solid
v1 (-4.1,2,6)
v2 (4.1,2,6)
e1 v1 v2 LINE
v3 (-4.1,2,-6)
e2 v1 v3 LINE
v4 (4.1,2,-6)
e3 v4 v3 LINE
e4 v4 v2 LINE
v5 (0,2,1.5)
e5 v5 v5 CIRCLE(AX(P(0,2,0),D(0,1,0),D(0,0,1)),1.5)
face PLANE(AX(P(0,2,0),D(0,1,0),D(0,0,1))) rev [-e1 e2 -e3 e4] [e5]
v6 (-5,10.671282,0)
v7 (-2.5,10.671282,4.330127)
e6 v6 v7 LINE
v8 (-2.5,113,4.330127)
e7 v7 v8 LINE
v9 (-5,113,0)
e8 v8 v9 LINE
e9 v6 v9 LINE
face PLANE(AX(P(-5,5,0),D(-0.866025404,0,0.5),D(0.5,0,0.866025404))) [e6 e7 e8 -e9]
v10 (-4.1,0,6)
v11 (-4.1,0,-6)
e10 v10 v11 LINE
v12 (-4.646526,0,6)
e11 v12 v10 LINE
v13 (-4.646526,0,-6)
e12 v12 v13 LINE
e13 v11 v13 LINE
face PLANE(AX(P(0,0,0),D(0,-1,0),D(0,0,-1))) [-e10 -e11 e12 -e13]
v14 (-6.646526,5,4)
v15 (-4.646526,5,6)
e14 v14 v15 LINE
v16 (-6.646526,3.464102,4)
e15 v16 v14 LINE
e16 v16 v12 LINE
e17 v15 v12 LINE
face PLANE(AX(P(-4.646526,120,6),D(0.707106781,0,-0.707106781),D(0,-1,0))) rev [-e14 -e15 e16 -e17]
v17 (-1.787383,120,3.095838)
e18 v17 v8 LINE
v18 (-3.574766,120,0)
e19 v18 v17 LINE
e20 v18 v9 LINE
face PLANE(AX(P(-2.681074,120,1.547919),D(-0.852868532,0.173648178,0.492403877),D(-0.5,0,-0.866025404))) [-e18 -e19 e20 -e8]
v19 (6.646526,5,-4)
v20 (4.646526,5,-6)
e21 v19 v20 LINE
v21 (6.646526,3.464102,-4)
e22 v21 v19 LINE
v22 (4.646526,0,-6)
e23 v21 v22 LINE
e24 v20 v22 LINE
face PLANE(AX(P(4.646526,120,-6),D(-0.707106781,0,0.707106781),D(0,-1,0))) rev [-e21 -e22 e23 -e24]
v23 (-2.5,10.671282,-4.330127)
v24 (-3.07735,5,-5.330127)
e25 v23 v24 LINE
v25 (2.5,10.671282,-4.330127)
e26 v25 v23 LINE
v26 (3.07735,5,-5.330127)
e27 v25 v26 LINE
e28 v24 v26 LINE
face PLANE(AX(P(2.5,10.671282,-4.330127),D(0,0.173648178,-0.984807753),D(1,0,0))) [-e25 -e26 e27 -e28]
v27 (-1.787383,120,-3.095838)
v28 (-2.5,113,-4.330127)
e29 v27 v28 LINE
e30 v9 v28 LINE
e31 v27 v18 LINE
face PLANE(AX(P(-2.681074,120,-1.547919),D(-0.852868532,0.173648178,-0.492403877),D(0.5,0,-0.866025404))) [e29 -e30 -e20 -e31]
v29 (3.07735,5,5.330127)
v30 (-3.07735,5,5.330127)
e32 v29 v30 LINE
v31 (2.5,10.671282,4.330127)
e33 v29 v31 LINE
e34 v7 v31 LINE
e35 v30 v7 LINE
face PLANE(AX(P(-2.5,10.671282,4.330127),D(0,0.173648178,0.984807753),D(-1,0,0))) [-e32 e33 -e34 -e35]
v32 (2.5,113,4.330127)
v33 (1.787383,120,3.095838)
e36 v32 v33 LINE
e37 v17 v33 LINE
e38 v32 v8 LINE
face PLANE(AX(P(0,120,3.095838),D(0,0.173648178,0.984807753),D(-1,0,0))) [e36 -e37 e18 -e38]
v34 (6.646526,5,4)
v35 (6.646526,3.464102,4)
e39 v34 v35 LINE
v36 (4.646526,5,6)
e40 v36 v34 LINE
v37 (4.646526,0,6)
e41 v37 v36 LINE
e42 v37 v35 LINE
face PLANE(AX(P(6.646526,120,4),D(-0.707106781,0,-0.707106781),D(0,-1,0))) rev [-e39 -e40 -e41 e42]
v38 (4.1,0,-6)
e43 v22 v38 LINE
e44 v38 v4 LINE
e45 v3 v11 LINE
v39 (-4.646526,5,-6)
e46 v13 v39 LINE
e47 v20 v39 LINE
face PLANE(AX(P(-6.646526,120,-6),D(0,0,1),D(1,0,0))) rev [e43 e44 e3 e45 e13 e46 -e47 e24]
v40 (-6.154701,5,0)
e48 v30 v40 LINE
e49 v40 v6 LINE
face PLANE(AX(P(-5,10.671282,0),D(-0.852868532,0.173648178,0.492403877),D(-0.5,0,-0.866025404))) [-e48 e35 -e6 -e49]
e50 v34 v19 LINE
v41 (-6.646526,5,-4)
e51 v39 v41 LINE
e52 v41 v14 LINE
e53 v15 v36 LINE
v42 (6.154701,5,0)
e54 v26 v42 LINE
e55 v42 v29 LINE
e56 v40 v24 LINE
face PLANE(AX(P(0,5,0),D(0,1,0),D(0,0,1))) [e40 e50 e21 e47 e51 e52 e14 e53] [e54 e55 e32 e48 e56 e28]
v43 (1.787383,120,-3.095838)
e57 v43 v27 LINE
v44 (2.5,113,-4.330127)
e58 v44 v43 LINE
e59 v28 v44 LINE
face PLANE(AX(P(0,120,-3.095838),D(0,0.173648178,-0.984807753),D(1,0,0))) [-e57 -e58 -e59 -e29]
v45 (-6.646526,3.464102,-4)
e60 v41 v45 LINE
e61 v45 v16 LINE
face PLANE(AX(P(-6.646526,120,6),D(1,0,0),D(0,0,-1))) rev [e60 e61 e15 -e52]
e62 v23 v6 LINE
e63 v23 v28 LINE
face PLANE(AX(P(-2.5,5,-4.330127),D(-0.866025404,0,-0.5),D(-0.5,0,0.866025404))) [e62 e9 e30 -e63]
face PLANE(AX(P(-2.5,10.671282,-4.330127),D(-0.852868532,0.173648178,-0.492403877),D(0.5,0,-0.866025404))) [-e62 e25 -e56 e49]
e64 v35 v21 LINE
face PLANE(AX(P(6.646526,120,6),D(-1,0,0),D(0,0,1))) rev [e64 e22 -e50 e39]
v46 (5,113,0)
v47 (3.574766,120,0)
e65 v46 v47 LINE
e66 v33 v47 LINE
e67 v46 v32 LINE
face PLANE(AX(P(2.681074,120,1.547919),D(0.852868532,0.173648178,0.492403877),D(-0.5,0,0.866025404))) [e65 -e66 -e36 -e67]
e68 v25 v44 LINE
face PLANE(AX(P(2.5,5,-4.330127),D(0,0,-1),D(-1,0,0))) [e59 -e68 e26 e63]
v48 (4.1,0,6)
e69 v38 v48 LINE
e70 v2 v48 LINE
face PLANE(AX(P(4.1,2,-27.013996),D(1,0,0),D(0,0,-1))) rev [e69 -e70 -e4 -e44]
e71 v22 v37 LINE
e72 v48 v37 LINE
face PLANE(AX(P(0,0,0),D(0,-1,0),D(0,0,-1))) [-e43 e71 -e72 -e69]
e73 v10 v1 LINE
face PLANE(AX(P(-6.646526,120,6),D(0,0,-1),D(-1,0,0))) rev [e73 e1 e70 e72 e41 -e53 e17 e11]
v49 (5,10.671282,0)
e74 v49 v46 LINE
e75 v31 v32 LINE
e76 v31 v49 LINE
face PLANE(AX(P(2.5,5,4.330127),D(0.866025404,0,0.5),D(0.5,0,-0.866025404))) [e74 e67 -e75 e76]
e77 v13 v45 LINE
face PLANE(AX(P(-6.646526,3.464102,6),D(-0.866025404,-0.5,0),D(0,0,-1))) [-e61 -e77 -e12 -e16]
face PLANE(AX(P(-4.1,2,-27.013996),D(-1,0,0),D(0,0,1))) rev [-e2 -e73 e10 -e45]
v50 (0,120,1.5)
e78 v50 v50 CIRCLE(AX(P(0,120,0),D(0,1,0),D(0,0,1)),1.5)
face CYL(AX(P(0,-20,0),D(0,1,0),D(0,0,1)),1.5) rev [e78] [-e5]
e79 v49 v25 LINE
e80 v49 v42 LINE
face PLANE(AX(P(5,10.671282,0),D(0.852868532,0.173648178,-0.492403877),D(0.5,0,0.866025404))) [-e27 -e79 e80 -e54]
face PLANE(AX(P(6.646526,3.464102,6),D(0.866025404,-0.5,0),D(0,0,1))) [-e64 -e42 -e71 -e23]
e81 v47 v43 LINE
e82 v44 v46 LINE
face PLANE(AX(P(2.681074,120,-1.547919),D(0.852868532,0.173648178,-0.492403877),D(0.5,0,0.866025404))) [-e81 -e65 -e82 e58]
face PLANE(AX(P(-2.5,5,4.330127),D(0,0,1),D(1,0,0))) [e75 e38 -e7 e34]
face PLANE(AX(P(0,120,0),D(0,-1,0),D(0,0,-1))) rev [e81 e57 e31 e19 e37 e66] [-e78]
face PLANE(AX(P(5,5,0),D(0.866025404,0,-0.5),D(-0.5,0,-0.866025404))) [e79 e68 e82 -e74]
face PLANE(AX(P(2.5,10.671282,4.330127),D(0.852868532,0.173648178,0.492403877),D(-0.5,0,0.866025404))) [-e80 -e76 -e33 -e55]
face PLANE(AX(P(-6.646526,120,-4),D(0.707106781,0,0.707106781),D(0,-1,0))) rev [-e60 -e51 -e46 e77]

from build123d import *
from OCP.BRepFilletAPI import BRepFilletAPI_MakeChamfer

# Parameters (mm, degrees)
SKETCH1_W           = 13.29305136
SKETCH1_H           = 12
BOSS_EXTRUDE1_DEPTH = 120
SKETCH2_W           = 8.2
SKETCH2_H           = 54.027992046
CUT_EXTRUDE1_DEPTH  = 2
SKETCH3_R           = 1.5
CUT_EXTRUDE2_DEPTH  = 140
SKETCH4_OUTSIDE_W   = 39.56
SKETCH4_OUTSIDE_H   = 38.266
CUT_EXTRUDE3_DEPTH  = 115
CHAMFER1_SIZE       = 1
CHAMFER1_SIZE2      = 5.67128182
CHAMFER2_SIZE       = 2
CHAMFER3_SIZE       = 7
CHAMFER3_SIZE2      = 1.234288865
CHAMFER4_SIZE       = 2
CHAMFER4_SIZE2      = 3.464101615


with BuildPart() as part:
    # Sketch1 → Boss-Extrude1 (new body)
    with BuildSketch(Plane(origin=(0, 0, 0), x_dir=(1, 0, 0), z_dir=(0, 1, 0))):
        Rectangle(SKETCH1_W, SKETCH1_H)
    extrude(amount=BOSS_EXTRUDE1_DEPTH)

    # Sketch2 → Cut-Extrude1 (cut)
    with BuildSketch(Plane.XZ):
        Rectangle(SKETCH2_W, SKETCH2_H)
    extrude(amount=-CUT_EXTRUDE1_DEPTH, mode=Mode.SUBTRACT)

    # Sketch3 → Cut-Extrude2 (cut)
    with BuildSketch(Plane(origin=(0, 120, 0), x_dir=(1, 0, 0), z_dir=(0, 1, 0))):
        with Locations(Location((0, 0, 0), (0, 0, 270))):
            Circle(SKETCH3_R)
    extrude(amount=-CUT_EXTRUDE2_DEPTH, mode=Mode.SUBTRACT)

    # Sketch4 outside → Cut-Extrude3 (cut)
    with BuildSketch(Plane(origin=(0, 120, 0), x_dir=(1, 0, 0), z_dir=(0, 1, 0))):
        Rectangle(SKETCH4_OUTSIDE_W, SKETCH4_OUTSIDE_H)
        Polygon((-2.5, -4.330127019), (2.5, -4.330127019), (5, 0), (2.5, 4.330127019), (-2.5, 4.330127019), (-5, 0), align=None, mode=Mode.SUBTRACT)
    extrude(amount=-CUT_EXTRUDE3_DEPTH, mode=Mode.SUBTRACT)

    # Chamfer1
    chamfer1_edges = [part.edges().sort_by_distance(p)[0] for p in [
        (0, 5, 4.330127019),
        (3.75, 5, 2.165063509),
        (3.75, 5, -2.165063509),
        (0, 5, -4.330127019),
        (-3.75, 5, -2.165063509),
        (-3.75, 5, 2.165063509),
    ]]
    chamfer1_side = [part.faces().sort_by_distance(p)[0] for p in [
        (-6.467443237, 5, 0),
    ]]
    chamfer(chamfer1_edges, length=CHAMFER1_SIZE, length2=CHAMFER1_SIZE2, reference=chamfer1_side[0])

    # Chamfer2
    chamfer2_edges = [part.edges().sort_by_distance(p)[0] for p in [
        (6.64652568, 2.5, 6),
        (-6.64652568, 2.5, 6),
        (-6.64652568, 2.5, -6),
        (6.64652568, 2.5, -6),
    ]]
    chamfer(chamfer2_edges, length=CHAMFER2_SIZE)

    # Chamfer3: one chamfer whose edges measure the first distance from different faces: ONE call of the kernel's chamfer builder (chamfer() names one face for all edges)
    chamfer3_edges_1 = [part.edges().sort_by_distance(p)[0] for p in [
        (3.75, 120, 2.165063509),
    ]]
    chamfer3_side_1 = [part.faces().sort_by_distance(p)[0] for p in [
        (3.75, 65.33564091, 2.165063509),
    ]]
    chamfer3_edges_2 = [part.edges().sort_by_distance(p)[0] for p in [
        (0, 120, 4.330127019),
    ]]
    chamfer3_side_2 = [part.faces().sort_by_distance(p)[0] for p in [
        (0, 65.33564091, 4.330127019),
    ]]
    chamfer3_edges_3 = [part.edges().sort_by_distance(p)[0] for p in [
        (-3.75, 120, 2.165063509),
    ]]
    chamfer3_side_3 = [part.faces().sort_by_distance(p)[0] for p in [
        (-3.75, 65.33564091, 2.165063509),
    ]]
    chamfer3_edges_4 = [part.edges().sort_by_distance(p)[0] for p in [
        (-3.75, 120, -2.165063509),
    ]]
    chamfer3_side_4 = [part.faces().sort_by_distance(p)[0] for p in [
        (-3.75, 65.33564091, -2.165063509),
    ]]
    chamfer3_edges_5 = [part.edges().sort_by_distance(p)[0] for p in [
        (0, 120, -4.330127019),
    ]]
    chamfer3_side_5 = [part.faces().sort_by_distance(p)[0] for p in [
        (0, 65.33564091, -4.330127019),
    ]]
    chamfer3_edges_6 = [part.edges().sort_by_distance(p)[0] for p in [
        (3.75, 120, -2.165063509),
    ]]
    chamfer3_side_6 = [part.faces().sort_by_distance(p)[0] for p in [
        (3.75, 65.33564091, -2.165063509),
    ]]
    chamfer3 = BRepFilletAPI_MakeChamfer(part.part.solid().wrapped)
    for e in chamfer3_edges_1:
        chamfer3.Add(CHAMFER3_SIZE, CHAMFER3_SIZE2, e.wrapped, chamfer3_side_1[0].wrapped)  # the first distance lies on this face
    for e in chamfer3_edges_2:
        chamfer3.Add(CHAMFER3_SIZE, CHAMFER3_SIZE2, e.wrapped, chamfer3_side_2[0].wrapped)  # the first distance lies on this face
    for e in chamfer3_edges_3:
        chamfer3.Add(CHAMFER3_SIZE, CHAMFER3_SIZE2, e.wrapped, chamfer3_side_3[0].wrapped)  # the first distance lies on this face
    for e in chamfer3_edges_4:
        chamfer3.Add(CHAMFER3_SIZE, CHAMFER3_SIZE2, e.wrapped, chamfer3_side_4[0].wrapped)  # the first distance lies on this face
    for e in chamfer3_edges_5:
        chamfer3.Add(CHAMFER3_SIZE, CHAMFER3_SIZE2, e.wrapped, chamfer3_side_5[0].wrapped)  # the first distance lies on this face
    for e in chamfer3_edges_6:
        chamfer3.Add(CHAMFER3_SIZE, CHAMFER3_SIZE2, e.wrapped, chamfer3_side_6[0].wrapped)  # the first distance lies on this face
    add(Compound.cast(chamfer3.Shape()), mode=Mode.REPLACE)

    # Chamfer4: one chamfer whose edges measure the first distance from different faces: ONE call of the kernel's chamfer builder (chamfer() names one face for all edges)
    chamfer4_edges_1 = [part.edges().sort_by_distance(p)[0] for p in [
        (-6.64652568, 0, 0),
    ]]
    chamfer4_side_1 = [part.faces().sort_by_distance(p)[0] for p in [
        (-5.281902175, 0, 0),
    ]]
    chamfer4_edges_2 = [part.edges().sort_by_distance(p)[0] for p in [
        (6.64652568, 0, 0),
    ]]
    chamfer4_side_2 = [part.faces().sort_by_distance(p)[0] for p in [
        (5.281902175, 0, 0),
    ]]
    chamfer4 = BRepFilletAPI_MakeChamfer(part.part.solid().wrapped)
    for e in chamfer4_edges_1:
        chamfer4.Add(CHAMFER4_SIZE, CHAMFER4_SIZE2, e.wrapped, chamfer4_side_1[0].wrapped)  # the first distance lies on this face
    for e in chamfer4_edges_2:
        chamfer4.Add(CHAMFER4_SIZE, CHAMFER4_SIZE2, e.wrapped, chamfer4_side_2[0].wrapped)  # the first distance lies on this face
    add(Compound.cast(chamfer4.Shape()), mode=Mode.REPLACE)


solid = part.part
